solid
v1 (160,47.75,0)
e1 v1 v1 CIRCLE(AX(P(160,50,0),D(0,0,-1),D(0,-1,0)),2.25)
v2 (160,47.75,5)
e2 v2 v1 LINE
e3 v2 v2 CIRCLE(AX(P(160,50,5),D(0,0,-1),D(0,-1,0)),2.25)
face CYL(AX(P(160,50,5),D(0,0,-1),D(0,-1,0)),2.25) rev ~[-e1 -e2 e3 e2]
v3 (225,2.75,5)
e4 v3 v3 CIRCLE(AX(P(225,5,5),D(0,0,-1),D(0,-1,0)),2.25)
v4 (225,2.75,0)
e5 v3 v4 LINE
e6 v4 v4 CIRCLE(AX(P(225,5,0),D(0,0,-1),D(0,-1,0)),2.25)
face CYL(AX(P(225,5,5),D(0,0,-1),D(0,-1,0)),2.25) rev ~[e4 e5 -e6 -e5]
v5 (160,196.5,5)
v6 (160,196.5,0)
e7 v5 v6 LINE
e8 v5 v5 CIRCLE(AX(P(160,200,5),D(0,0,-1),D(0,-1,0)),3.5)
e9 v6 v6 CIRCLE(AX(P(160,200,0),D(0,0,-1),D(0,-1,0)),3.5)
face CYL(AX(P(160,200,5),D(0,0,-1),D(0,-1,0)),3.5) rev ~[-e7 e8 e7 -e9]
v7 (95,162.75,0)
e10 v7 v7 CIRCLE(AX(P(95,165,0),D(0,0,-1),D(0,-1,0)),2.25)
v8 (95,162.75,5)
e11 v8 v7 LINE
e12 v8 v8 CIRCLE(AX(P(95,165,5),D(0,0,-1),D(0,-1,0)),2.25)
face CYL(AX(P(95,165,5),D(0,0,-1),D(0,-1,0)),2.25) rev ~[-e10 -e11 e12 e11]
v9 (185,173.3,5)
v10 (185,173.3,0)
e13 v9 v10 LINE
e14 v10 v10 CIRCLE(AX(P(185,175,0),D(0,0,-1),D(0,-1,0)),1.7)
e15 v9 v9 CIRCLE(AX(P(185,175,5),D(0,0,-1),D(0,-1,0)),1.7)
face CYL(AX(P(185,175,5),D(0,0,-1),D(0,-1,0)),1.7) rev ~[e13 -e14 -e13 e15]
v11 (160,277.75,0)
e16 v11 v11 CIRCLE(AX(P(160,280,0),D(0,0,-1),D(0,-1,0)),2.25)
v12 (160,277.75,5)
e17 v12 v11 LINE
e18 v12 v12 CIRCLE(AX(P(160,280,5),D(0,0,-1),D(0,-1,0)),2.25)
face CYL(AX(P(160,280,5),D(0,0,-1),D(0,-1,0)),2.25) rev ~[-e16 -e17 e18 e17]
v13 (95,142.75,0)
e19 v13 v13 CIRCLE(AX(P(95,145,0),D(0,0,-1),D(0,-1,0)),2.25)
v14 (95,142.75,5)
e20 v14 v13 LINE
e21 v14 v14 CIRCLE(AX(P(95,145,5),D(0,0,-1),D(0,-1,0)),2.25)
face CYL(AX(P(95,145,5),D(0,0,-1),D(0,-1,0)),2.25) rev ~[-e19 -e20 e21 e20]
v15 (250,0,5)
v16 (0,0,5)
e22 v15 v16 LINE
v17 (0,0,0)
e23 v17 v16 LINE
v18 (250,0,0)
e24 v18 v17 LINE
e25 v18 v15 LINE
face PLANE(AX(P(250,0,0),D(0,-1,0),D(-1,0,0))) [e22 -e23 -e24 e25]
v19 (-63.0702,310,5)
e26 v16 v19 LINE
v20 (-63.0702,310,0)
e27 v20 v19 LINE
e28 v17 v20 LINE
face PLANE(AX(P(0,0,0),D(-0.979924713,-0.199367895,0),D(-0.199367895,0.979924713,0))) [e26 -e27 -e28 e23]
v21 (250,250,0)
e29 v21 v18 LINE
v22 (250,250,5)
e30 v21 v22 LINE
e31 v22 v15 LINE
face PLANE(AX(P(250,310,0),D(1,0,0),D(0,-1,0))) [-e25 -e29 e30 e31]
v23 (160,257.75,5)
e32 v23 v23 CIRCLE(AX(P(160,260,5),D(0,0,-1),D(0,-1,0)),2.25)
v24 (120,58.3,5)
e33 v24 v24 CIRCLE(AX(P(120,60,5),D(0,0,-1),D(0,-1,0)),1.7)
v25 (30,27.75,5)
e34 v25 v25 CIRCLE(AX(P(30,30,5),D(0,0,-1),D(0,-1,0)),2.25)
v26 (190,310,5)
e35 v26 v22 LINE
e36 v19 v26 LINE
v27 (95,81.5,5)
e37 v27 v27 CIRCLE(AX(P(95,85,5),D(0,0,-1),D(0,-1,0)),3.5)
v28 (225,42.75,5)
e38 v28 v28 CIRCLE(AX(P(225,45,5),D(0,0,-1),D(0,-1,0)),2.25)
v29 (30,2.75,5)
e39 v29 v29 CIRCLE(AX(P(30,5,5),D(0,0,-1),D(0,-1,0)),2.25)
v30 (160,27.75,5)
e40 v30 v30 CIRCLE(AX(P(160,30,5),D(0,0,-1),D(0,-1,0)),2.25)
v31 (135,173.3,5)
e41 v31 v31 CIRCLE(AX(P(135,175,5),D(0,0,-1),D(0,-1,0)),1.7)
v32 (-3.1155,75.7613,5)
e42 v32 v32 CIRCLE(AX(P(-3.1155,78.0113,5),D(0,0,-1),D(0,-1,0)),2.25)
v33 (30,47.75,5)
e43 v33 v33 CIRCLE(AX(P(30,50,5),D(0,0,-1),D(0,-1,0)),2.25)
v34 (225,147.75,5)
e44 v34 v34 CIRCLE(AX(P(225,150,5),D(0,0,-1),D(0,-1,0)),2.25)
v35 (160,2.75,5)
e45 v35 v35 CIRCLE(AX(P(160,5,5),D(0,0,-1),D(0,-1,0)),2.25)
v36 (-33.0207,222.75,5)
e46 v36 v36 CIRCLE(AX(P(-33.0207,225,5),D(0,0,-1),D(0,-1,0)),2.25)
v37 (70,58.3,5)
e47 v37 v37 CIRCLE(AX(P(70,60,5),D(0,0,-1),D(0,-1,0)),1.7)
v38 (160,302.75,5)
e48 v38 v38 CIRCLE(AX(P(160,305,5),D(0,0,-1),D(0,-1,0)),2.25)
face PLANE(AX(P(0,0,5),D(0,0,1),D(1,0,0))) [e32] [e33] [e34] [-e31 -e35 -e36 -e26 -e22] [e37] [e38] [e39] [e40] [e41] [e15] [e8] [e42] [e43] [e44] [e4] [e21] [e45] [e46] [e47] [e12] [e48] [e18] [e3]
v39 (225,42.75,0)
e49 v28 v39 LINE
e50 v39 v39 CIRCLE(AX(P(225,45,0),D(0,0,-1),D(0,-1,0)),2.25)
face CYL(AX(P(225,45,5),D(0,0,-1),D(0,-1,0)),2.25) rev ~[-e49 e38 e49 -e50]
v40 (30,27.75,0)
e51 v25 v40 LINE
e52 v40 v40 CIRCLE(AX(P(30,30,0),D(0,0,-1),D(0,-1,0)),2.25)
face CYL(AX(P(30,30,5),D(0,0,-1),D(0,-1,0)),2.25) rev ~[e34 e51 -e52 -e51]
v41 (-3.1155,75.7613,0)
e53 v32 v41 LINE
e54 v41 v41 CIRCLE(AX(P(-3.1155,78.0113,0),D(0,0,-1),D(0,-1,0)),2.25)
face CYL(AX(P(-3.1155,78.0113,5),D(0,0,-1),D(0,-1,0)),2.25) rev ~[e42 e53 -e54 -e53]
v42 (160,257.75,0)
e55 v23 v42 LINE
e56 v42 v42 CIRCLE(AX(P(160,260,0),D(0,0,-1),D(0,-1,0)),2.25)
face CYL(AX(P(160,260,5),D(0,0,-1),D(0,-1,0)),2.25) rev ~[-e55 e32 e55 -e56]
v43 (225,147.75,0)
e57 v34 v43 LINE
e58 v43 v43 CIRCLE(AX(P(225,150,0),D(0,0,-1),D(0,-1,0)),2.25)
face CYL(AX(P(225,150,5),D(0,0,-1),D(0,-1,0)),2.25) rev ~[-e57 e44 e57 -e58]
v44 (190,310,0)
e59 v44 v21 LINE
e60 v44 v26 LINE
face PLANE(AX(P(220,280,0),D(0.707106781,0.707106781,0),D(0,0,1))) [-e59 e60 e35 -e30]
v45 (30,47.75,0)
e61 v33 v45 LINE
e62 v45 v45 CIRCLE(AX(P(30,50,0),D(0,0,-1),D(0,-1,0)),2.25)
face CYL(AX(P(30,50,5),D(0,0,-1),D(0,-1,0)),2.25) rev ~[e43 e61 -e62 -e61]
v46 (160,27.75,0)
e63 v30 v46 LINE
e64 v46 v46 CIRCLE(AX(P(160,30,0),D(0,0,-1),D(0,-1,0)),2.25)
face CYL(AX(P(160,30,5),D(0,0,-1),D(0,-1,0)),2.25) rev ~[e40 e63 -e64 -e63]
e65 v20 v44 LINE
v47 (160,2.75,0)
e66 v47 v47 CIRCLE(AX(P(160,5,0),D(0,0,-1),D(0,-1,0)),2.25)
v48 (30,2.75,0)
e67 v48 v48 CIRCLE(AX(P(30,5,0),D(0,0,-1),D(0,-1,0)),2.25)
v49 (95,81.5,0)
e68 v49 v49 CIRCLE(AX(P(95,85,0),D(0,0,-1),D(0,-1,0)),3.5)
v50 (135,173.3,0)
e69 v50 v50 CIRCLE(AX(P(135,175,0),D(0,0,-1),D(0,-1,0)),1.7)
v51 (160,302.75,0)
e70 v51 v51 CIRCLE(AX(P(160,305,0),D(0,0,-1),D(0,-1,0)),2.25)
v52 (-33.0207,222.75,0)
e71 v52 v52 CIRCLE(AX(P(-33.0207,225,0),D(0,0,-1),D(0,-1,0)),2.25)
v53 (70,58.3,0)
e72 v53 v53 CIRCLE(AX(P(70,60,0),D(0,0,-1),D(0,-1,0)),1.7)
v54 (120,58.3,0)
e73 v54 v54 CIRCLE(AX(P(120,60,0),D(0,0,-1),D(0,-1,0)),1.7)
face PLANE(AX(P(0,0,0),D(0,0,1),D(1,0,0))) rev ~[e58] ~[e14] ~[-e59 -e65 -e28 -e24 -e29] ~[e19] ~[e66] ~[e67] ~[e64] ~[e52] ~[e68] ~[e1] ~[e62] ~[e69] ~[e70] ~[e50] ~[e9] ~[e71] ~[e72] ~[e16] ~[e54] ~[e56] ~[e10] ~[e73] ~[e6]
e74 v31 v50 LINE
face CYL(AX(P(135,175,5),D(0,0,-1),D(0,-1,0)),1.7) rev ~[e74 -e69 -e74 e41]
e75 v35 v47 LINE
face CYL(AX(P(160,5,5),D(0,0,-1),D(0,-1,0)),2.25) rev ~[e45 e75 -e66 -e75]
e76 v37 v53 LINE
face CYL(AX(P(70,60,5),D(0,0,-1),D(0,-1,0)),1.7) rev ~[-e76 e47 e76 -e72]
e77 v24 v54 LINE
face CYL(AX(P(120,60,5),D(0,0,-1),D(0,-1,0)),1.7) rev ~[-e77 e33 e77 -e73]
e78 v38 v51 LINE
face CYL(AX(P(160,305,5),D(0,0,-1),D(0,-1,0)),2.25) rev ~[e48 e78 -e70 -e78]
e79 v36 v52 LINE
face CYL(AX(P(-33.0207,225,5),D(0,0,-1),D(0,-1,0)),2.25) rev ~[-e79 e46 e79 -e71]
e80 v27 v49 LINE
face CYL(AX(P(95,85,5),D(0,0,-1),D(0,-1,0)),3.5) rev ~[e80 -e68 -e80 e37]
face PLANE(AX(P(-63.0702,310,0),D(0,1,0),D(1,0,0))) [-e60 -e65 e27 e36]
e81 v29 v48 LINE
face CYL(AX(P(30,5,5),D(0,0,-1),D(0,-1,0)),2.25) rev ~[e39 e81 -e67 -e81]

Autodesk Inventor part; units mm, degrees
ref_plane "YZ Plane" through (0, 0, 0) normal (1, 0, 0) x (0, 1, 0)
ref_plane "XZ Plane" through (0, 0, 0) normal (0, 1, 0) x (-1, 0, 0)
ref_plane "XY Plane" through (0, 0, 0) normal (0, 0, 1) x (1, 0, 0)
sketch "Sketch1" plane through (0, 0, 0) normal (0, 0, 1) x (1, 0, 0)
  line L0 (0, 0) -> (-63.0702, 310)
  line L1 (-63.0702, 310) -> (250, 310)
  line L2 (250, 310) -> (250, 0)
  line L3 (250, 0) -> (0, 0)
  dimension "d0" = 310
  dimension "d1" = 78.5
  dimension "d2" = 250
extrude "Extrusion1" add sketch "Sketch1" along normal blind 5
sketch "Sketch2" plane through (0, 0, 5) normal (0, 0, 1) x (1, 0, 0)
  line L0 (0, 0) -> (250, 0) projected
  point P0 (160, 280)
  point P1 (160, 260)
  point P2 (95, 165)
  point P3 (95, 145)
  point P4 (225, 150)
  point P5 (225, 45)
  point P6 (30, 50)
  point P7 (30, 30)
  point P8 (160, 50)
  point P9 (160, 30)
  point P10 (160, 305)
  point P11 (30, 5)
  point P12 (160, 5)
  point P13 (225, 5)
  dimension "d7" = 20
  dimension "d15" = 25
  dimension "d20" = 5
  dimension "d21" = 30
  dimension "d30" = 130
  dimension "d32" = 65
  dimension "d36" = 65
  dimension "d92" = 25
  dimension "d93" = 20
  dimension "d94" = 95
  dimension "d95" = 20
  dimension "d96" = 95
  dimension "d97" = 105
  dimension "d98" = 130
  dimension "d99" = 15
hole "Hole1" at (160, 280, 5) at (160, 260, 5) at (95, 165, 5) at (95, 145, 5) at (225, 150, 5) at (225, 45, 5) at (30, 50, 5) at (30, 30, 5) at (160, 50, 5) at (160, 30, 5) at (160, 305, 5) at (30, 5, 5) at (160, 5, 5) at (225, 5, 5) direction (0, 0, -1) diameter 4.5 end through all clearance for "Flat Head Machine Screw" size "M4" standard "Ansi Metric M Profile"
sketch "Sketch3" plane through (0, 0, 5) normal (0, 0, 1) x (1, 0, 0)
  circle A0 centre (30, 5) radius 2.25 projected
  circle A1 centre (160, 30) radius 2.25 projected
  circle A2 centre (30, 30) radius 2.25 projected
  circle A3 centre (225, 45) radius 2.25 projected
  circle A4 centre (95, 145) radius 2.25 projected
  circle A5 centre (160, 260) radius 2.25 projected
  circle A6 centre (160, 280) radius 2.25 projected
  circle A7 centre (95, 165) radius 2.25 projected
  circle A8 centre (225, 150) radius 2.25 projected
  circle A9 centre (30, 50) radius 2.25 projected
  circle A10 centre (160, 50) radius 2.25 projected
  circle A11 centre (160, 5) radius 2.25 projected
  line L0 (-63.0702, 310) -> (0, 0) projected
  line L1 (0, 0) -> (250, 0) projected
  line L2 (250, 0) -> (250, 310) projected
  line L3 (250, 310) -> (-63.0702, 310) projected
  point P0 (160, 200)
  point P1 (95, 85)
  dimension "d37" = 60
  dimension "d89" = 60
hole "Hole2" at (160, 200, 5) at (95, 85, 5) direction (0, 0, -1) diameter 7 end through all
sketch "Sketch4" plane through (0, 0, 5) normal (0, 0, 1) x (1, 0, 0)
  circle A0 centre (95, 85) radius 3.5 projected
  circle A1 centre (160, 200) radius 3.5 projected
  circle A2 centre (30, 5) radius 2.25 projected
  circle A3 centre (160, 30) radius 2.25 projected
  circle A4 centre (30, 30) radius 2.25 projected
  circle A5 centre (225, 45) radius 2.25 projected
  circle A6 centre (95, 145) radius 2.25 projected
  circle A7 centre (160, 260) radius 2.25 projected
  circle A8 centre (160, 280) radius 2.25 projected
  circle A9 centre (95, 165) radius 2.25 projected
  circle A10 centre (225, 150) radius 2.25 projected
  circle A11 centre (30, 50) radius 2.25 projected
  circle A12 centre (160, 50) radius 2.25 projected
  circle A13 centre (160, 5) radius 2.25 projected
  line L0 (-63.0702, 310) -> (0, 0) projected
  line L1 (0, 0) -> (250, 0) projected
  line L2 (250, 0) -> (250, 310) projected
  line L3 (250, 310) -> (-63.0702, 310) projected
  point P0 (185, 175)
  point P1 (135, 175)
  point P2 (70, 60)
  point P3 (120, 60)
  dimension "d46" = 25
  dimension "d47" = 25
  dimension "d48" = 50
  dimension "d49" = 50
  dimension "d50" = 25
hole "Hole3" at (185, 175, 5) at (135, 175, 5) at (70, 60, 5) at (120, 60, 5) direction (0, 0, -1) diameter 3.4 end through all clearance for "Flat Head Machine Screw" size "M3" standard "Ansi Metric M Profile"
chamfer "Chamfer1" distance 60 angle 45 1 edges at (250, 310, 2.5)
sketch "Sketch5" plane through (0, 0, 5) normal (0, 0, 1) x (1, 0, 0)
  line L0 (-63.0702, 310) -> (0, 0) projected
  line L1 (190, 310) -> (-63.0702, 310) projected
  line L2 (0, 0) -> (250, 0) projected
  point P0 (-33.0207, 225)
  point P1 (-3.1155, 78.0113)
  dimension "d64" = 12.5
  dimension "d65" = 12.5
  dimension "d66" = 150
  dimension "d67" = 85
  dimension "d68" = 78.0113
hole "Hole4" at (-33.0207, 225, 5) at (-3.1155, 78.0113, 5) direction (0, 0, -1) diameter 4.5 end through all clearance for "Flat Head Machine Screw" size "M4" standard "Ansi Metric M Profile"
sketch "Sketch6" plane through (0, 0, 5) normal (0, 0, 1) x (1, 0, 0)
  circle A0 centre (-33.0207, 225) radius 2.25 projected
  circle A1 centre (-3.1155, 78.0113) radius 2.25 projected
  line L0 (190, 310) -> (250, 250) projected
  line L1 (190, 310) -> (-63.0702, 310) projected
  line L2 (-63.0702, 310) -> (0, 0) projected
  line L3 (0, 0) -> (250, 0) projected
  line L4 (250, 0) -> (250, 250) projected
  circle A2 centre (70, 60) radius 1.7 projected
  circle A3 centre (185, 175) radius 1.7 projected
  circle A4 centre (135, 175) radius 1.7 projected
  circle A5 centre (120, 60) radius 1.7 projected
  circle A6 centre (95, 85) radius 3.5 projected
  circle A7 centre (160, 200) radius 3.5 projected
  circle A8 centre (30, 5) radius 2.25 projected
  circle A9 centre (160, 30) radius 2.25 projected
  circle A10 centre (30, 30) radius 2.25 projected
  circle A11 centre (225, 45) radius 2.25 projected
  circle A12 centre (95, 145) radius 2.25 projected
  circle A13 centre (95, 165) radius 2.25 projected
  circle A14 centre (225, 150) radius 2.25 projected
  circle A15 centre (30, 50) radius 2.25 projected
  circle A16 centre (160, 50) radius 2.25 projected
  circle A17 centre (160, 5) radius 2.25 projected
  point P0 (95.4041, 170)
  point P1 (115, 174)
  point P2 (205, 174)
  point P3 (224.5959, 170)
  dimension "d76" = 20
  dimension "d77" = 4
  dimension "d78" = 20
  dimension "d79" = 45
  dimension "d80" = 26
  dimension "d81" = 45
hole "Hole5" [suppressed]
equation "\"d7\" = d5"
equation "\"d32\" = 0.5 * d30"
equation "\"d36\" = d32"
equation "\"d93\" = d7"
equation "\"d98\" = 2 * d36"
equation "\"d48\" = 2 * d47"
equation "\"d49\" = d48"
equation "\"d50\" = 0.5 * d49"
equation "\"d65\" = d64"
equation "\"d78\" = d76"
equation "\"d81\" = d79"
equation "\"d5\" = d6"
equation "\"d6\" = 20"
properties part number "Top_Separator Backboard 3 Lanes" material "PMMA Plastic"
